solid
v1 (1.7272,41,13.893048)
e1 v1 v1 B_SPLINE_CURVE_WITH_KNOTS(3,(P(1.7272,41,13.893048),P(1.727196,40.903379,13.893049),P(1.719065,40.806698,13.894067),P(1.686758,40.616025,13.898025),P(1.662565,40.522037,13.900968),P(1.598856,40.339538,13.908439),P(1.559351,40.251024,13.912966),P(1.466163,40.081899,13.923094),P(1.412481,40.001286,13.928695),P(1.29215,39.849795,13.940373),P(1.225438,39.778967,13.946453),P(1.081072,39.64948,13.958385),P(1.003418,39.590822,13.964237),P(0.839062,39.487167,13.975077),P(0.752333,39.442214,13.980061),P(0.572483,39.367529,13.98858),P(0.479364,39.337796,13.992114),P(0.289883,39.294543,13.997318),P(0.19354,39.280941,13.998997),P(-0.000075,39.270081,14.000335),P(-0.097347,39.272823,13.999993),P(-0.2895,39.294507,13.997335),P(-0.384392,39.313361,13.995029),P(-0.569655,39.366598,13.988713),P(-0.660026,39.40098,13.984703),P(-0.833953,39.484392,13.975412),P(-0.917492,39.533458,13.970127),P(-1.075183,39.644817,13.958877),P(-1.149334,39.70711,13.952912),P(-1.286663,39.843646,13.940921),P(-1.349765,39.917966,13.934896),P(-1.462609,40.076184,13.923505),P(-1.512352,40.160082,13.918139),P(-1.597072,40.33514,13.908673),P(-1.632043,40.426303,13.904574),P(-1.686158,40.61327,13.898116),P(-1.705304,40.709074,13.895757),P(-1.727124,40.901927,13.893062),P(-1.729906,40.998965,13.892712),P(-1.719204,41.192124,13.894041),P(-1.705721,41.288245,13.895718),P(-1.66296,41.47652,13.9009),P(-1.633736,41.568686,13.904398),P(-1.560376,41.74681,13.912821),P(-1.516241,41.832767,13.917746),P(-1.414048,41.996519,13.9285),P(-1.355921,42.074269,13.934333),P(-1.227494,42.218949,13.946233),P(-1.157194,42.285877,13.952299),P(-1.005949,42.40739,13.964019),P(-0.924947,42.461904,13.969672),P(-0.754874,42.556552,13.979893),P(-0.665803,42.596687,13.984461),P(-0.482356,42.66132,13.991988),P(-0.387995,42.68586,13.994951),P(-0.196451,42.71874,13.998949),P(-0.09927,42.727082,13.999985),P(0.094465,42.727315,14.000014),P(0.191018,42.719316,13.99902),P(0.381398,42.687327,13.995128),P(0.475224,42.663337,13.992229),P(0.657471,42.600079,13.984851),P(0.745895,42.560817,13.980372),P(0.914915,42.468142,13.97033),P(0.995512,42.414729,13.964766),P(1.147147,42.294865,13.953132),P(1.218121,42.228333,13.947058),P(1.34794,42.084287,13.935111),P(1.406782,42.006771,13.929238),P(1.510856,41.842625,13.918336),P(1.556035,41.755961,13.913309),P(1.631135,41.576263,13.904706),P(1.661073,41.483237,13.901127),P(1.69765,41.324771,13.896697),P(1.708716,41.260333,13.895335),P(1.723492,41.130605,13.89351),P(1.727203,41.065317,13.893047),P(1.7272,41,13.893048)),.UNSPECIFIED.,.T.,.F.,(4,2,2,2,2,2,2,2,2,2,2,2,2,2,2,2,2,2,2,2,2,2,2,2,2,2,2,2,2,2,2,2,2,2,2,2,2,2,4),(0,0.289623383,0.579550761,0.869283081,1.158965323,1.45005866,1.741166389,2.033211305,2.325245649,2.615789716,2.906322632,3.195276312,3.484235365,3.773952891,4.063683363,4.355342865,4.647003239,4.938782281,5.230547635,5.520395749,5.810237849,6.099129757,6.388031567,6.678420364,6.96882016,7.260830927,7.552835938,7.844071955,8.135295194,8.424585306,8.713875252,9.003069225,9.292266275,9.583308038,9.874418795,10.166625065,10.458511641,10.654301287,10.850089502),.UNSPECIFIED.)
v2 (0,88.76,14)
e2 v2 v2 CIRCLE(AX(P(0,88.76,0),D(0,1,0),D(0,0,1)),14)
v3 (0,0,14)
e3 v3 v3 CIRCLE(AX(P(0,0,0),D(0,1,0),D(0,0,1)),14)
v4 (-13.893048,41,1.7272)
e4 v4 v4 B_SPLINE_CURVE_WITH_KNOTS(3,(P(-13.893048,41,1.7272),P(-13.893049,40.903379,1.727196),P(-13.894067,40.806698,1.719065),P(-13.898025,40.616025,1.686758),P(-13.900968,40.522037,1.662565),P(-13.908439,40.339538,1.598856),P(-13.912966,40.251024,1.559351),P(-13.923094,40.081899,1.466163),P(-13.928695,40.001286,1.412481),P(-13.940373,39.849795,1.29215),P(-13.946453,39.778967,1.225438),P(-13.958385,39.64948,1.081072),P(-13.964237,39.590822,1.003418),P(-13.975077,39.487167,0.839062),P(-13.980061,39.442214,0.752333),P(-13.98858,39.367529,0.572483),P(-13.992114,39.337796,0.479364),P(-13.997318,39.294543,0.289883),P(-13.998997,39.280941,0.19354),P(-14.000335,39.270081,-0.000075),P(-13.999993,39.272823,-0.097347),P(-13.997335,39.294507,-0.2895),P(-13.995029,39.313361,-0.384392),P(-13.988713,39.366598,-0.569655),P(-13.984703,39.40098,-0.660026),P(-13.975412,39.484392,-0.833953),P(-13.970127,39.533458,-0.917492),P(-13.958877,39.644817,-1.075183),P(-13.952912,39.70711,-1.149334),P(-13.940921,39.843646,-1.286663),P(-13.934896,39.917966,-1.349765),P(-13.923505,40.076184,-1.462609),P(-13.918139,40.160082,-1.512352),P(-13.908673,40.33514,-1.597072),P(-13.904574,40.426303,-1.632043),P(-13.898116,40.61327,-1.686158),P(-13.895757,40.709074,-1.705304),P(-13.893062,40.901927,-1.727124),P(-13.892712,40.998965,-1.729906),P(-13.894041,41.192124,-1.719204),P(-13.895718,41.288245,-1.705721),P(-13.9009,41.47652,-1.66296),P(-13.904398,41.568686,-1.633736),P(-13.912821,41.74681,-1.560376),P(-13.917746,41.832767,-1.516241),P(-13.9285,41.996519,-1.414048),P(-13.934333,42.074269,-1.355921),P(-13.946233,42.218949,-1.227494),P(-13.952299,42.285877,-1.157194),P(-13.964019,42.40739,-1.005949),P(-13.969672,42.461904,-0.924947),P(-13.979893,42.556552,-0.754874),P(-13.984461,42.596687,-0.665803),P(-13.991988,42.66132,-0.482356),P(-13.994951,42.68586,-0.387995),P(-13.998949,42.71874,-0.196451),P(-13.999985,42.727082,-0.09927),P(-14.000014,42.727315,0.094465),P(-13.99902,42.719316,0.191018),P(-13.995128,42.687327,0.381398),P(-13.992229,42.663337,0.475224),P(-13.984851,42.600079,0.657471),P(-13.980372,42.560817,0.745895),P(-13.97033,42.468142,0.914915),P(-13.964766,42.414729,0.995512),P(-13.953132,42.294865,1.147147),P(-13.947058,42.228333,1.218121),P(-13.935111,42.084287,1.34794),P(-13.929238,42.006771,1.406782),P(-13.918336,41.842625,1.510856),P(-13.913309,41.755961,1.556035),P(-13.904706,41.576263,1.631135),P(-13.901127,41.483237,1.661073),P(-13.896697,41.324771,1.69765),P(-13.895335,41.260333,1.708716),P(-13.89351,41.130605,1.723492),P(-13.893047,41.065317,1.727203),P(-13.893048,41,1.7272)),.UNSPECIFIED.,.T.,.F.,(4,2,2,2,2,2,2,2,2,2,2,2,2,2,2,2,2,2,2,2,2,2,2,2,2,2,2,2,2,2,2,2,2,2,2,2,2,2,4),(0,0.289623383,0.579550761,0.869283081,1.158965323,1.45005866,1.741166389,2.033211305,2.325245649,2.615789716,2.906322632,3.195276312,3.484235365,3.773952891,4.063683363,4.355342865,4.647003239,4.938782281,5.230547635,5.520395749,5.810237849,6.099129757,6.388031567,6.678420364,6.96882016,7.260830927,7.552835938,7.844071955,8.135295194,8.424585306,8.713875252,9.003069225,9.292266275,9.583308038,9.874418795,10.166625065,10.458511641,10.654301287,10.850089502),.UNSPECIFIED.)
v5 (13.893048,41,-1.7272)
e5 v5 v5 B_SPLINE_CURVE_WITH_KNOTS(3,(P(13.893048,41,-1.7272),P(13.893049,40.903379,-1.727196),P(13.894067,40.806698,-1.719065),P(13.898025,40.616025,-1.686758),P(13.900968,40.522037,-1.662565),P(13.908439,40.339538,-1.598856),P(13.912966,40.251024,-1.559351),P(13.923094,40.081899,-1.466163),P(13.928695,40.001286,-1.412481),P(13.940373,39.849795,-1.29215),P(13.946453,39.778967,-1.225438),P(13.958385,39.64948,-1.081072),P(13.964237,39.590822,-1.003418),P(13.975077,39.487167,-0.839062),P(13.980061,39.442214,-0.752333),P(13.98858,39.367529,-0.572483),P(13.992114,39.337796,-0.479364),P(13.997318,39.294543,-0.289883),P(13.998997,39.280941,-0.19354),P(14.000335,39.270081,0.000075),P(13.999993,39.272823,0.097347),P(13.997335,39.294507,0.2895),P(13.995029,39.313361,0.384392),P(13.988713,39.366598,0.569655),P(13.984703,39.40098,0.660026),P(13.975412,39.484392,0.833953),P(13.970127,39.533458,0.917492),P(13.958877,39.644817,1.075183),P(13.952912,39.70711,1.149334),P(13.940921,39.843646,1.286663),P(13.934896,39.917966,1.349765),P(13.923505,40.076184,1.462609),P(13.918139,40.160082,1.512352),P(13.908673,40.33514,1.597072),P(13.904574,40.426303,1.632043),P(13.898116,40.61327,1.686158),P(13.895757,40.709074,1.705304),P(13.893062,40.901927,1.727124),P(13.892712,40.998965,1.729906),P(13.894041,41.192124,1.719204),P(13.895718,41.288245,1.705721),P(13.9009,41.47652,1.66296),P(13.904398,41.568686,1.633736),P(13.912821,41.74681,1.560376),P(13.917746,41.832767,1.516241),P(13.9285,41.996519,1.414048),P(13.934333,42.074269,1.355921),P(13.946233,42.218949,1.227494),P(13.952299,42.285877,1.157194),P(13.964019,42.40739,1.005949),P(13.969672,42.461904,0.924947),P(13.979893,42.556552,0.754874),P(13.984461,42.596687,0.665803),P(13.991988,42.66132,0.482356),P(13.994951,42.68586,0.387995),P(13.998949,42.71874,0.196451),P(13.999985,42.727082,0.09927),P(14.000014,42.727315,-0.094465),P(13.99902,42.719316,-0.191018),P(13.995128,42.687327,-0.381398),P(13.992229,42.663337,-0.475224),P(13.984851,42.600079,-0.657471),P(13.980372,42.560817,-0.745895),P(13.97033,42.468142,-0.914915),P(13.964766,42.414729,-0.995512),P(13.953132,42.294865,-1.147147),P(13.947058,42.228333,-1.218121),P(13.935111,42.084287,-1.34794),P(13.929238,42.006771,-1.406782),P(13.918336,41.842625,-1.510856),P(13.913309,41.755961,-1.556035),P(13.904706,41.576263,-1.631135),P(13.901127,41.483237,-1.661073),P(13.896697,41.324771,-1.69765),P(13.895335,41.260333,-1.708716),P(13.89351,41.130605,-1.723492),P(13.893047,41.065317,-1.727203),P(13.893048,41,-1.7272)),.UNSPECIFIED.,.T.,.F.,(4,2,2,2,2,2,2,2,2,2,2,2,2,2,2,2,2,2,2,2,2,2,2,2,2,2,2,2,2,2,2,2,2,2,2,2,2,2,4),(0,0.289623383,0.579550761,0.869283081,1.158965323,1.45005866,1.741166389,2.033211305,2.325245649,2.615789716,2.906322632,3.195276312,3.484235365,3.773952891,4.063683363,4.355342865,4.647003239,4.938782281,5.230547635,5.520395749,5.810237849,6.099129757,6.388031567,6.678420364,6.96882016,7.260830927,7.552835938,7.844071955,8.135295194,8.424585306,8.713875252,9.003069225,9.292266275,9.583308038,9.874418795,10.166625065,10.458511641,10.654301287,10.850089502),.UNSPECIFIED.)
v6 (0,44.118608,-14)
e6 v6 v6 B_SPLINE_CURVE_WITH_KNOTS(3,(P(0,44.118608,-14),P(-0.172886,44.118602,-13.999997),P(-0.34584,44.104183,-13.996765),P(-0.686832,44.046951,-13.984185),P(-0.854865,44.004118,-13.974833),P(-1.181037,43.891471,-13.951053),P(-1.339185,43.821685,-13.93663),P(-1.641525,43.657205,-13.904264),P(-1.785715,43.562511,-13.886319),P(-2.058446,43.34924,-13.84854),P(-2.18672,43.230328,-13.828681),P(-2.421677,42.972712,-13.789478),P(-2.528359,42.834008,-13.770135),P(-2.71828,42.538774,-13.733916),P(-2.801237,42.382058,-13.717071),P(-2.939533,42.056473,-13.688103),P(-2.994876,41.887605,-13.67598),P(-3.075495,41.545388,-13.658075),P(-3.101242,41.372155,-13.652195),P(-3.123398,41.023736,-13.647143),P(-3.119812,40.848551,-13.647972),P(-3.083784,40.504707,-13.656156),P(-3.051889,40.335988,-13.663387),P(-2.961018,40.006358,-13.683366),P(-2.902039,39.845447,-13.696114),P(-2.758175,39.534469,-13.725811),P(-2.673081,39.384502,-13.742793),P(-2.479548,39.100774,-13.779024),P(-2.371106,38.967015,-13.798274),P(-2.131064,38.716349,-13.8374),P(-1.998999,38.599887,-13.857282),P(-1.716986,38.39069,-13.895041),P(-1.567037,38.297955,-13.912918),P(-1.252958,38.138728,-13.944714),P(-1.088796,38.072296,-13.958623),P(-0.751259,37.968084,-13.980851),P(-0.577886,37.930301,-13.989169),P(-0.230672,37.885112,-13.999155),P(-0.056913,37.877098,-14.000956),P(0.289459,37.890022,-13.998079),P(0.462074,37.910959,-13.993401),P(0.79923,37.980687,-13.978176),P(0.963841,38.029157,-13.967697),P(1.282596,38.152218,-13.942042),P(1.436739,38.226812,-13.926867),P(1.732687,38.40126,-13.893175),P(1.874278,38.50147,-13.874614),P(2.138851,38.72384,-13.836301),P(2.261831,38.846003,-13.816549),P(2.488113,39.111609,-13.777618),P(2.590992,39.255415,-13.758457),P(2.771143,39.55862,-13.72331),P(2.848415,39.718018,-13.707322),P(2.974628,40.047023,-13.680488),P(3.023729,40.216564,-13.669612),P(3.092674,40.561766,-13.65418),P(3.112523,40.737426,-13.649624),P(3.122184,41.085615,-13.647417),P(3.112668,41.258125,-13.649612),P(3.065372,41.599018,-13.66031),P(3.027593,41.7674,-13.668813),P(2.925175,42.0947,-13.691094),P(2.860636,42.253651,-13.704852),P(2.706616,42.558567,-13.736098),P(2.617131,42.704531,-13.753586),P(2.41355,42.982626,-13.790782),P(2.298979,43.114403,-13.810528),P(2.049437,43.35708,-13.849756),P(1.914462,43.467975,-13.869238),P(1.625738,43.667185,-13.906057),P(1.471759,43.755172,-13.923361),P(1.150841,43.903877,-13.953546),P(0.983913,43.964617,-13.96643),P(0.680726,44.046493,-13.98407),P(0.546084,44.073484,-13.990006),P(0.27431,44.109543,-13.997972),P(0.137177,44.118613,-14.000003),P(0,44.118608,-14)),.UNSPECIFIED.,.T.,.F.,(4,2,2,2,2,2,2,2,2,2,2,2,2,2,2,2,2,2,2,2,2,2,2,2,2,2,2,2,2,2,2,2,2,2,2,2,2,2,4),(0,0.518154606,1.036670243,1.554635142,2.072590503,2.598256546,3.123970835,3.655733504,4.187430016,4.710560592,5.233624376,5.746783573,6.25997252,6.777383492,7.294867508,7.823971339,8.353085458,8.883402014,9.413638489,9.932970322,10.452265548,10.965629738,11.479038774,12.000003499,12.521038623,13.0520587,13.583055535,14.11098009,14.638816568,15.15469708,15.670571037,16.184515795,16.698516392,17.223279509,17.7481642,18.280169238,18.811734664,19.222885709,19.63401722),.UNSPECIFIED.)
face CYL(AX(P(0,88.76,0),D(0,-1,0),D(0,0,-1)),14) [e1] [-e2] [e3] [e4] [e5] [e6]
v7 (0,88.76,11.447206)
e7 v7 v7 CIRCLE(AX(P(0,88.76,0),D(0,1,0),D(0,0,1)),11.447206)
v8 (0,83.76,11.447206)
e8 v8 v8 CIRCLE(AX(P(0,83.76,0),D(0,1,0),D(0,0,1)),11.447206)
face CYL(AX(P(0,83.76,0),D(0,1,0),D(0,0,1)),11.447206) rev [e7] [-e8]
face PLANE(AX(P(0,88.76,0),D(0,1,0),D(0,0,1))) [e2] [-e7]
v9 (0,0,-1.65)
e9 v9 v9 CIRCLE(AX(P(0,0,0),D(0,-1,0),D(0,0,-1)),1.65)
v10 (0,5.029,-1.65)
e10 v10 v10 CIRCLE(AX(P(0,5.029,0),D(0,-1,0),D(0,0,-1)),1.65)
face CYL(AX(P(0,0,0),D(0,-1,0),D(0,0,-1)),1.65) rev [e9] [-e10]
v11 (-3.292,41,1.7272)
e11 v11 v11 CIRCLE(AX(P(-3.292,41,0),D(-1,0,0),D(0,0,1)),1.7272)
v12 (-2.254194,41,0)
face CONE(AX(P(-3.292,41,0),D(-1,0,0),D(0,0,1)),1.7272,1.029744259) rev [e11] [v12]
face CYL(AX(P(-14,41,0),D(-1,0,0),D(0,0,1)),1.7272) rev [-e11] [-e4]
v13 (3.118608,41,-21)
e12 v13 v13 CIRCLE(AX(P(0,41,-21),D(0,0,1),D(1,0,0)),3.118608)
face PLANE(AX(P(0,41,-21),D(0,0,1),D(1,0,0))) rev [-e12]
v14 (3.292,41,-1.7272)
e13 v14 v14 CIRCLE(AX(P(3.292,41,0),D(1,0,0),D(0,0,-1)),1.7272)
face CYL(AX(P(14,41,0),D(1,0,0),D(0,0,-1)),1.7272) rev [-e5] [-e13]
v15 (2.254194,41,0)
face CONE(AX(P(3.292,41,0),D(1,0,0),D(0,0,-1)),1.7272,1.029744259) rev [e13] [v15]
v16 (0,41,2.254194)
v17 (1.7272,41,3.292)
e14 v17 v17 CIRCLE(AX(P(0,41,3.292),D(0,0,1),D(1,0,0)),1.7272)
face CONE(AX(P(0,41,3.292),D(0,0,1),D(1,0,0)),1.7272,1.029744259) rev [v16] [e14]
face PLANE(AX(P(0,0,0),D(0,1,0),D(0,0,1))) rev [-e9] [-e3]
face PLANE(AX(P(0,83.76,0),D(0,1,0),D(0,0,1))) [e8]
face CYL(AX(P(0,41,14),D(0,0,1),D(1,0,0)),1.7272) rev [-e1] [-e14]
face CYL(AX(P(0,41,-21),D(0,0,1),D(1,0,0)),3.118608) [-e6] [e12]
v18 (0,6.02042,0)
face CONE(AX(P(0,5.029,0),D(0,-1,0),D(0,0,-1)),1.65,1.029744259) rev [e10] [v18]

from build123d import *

# Parameters (mm, degrees)
SKETCH1_R                 = 14
EXTRUDE1_DEPTH            = 88.76
M4X0_7_TAPPED_HOLE1_D     = 3.3
M4X0_7_TAPPED_HOLE1_DEPTH = 5.029
M4X0_7_TAPPED_HOLE1_TIP   = 0.991420021
CIRPATTERN1_COUNT         = 3
CIRPATTERN1_ANGLE         = 180
SKETCH6_R                 = 11.447205948
EXTRUDE2_DEPTH            = 5
EXTRUDE3_DEPTH            = 1
EXTRUDE3_DEPTH_BACK       = 7
SKETCH7_R                 = 3.118608258


with BuildPart() as part:
    # Sketch1 → Extrude1 (new body)
    with BuildSketch(Plane(origin=(0, 0, 0), x_dir=(1, 0, 0), z_dir=(0, 1, 0))):
        Circle(SKETCH1_R)
    extrude(amount=EXTRUDE1_DEPTH)

    # M4x0.7 Tapped Hole1
    with Locations(Plane(origin=(-1.120603621, 0, -3.903834828), x_dir=(-1, 0, 0), z_dir=(0, -1, 0))):
        with Locations((-1.120603621, -3.903834828)):
            Hole(M4X0_7_TAPPED_HOLE1_D / 2, depth=M4X0_7_TAPPED_HOLE1_DEPTH)
            with Locations((0, 0, -(M4X0_7_TAPPED_HOLE1_DEPTH + M4X0_7_TAPPED_HOLE1_TIP / 2))):  # 118° drill point
                Cone(0, M4X0_7_TAPPED_HOLE1_D / 2, M4X0_7_TAPPED_HOLE1_TIP, mode=Mode.SUBTRACT)

    # Sketch4 → #8-32 Tapped Hole1 (revolve, cut)
    with BuildSketch(Plane(origin=(-14, 41, 0), x_dir=(0, 0, 1), z_dir=(0, 1, 0))):
        Polygon((0, 0), (0, 11.745806461), (1.7272, 10.708), (1.7272, 0), align=None)
    f_8_32_tapped_hole1 = revolve(axis=Axis((-20.35, 41, 0), (1, 0, 0)), mode=Mode.SUBTRACT)

    # CirPattern1: #8-32 Tapped Hole1 ×3 about axis
    cirpattern1_axis = Axis((0, 0, 0), (0, 1, 0))
    for i in range(1, CIRPATTERN1_COUNT):
        add(f_8_32_tapped_hole1.rotate(cirpattern1_axis, i * CIRPATTERN1_ANGLE / (CIRPATTERN1_COUNT - 1)), mode=Mode.SUBTRACT)

    # Sketch6 → Extrude2 (cut)
    with BuildSketch(Plane(origin=(0, 88.76, 0), x_dir=(1, 0, 0), z_dir=(0, 1, 0))):
        Circle(SKETCH6_R)
    extrude(amount=-EXTRUDE2_DEPTH, mode=Mode.SUBTRACT)

    # Sketch7 → Extrude3 (add, two sides: drawn at the far end of the back side and taken through both)
    with BuildSketch(Plane.XY.offset(-14).offset(-EXTRUDE3_DEPTH_BACK)):
        with Locations((0, 41)):
            Circle(SKETCH7_R)
    extrude(amount=EXTRUDE3_DEPTH + EXTRUDE3_DEPTH_BACK)


solid = part.part
